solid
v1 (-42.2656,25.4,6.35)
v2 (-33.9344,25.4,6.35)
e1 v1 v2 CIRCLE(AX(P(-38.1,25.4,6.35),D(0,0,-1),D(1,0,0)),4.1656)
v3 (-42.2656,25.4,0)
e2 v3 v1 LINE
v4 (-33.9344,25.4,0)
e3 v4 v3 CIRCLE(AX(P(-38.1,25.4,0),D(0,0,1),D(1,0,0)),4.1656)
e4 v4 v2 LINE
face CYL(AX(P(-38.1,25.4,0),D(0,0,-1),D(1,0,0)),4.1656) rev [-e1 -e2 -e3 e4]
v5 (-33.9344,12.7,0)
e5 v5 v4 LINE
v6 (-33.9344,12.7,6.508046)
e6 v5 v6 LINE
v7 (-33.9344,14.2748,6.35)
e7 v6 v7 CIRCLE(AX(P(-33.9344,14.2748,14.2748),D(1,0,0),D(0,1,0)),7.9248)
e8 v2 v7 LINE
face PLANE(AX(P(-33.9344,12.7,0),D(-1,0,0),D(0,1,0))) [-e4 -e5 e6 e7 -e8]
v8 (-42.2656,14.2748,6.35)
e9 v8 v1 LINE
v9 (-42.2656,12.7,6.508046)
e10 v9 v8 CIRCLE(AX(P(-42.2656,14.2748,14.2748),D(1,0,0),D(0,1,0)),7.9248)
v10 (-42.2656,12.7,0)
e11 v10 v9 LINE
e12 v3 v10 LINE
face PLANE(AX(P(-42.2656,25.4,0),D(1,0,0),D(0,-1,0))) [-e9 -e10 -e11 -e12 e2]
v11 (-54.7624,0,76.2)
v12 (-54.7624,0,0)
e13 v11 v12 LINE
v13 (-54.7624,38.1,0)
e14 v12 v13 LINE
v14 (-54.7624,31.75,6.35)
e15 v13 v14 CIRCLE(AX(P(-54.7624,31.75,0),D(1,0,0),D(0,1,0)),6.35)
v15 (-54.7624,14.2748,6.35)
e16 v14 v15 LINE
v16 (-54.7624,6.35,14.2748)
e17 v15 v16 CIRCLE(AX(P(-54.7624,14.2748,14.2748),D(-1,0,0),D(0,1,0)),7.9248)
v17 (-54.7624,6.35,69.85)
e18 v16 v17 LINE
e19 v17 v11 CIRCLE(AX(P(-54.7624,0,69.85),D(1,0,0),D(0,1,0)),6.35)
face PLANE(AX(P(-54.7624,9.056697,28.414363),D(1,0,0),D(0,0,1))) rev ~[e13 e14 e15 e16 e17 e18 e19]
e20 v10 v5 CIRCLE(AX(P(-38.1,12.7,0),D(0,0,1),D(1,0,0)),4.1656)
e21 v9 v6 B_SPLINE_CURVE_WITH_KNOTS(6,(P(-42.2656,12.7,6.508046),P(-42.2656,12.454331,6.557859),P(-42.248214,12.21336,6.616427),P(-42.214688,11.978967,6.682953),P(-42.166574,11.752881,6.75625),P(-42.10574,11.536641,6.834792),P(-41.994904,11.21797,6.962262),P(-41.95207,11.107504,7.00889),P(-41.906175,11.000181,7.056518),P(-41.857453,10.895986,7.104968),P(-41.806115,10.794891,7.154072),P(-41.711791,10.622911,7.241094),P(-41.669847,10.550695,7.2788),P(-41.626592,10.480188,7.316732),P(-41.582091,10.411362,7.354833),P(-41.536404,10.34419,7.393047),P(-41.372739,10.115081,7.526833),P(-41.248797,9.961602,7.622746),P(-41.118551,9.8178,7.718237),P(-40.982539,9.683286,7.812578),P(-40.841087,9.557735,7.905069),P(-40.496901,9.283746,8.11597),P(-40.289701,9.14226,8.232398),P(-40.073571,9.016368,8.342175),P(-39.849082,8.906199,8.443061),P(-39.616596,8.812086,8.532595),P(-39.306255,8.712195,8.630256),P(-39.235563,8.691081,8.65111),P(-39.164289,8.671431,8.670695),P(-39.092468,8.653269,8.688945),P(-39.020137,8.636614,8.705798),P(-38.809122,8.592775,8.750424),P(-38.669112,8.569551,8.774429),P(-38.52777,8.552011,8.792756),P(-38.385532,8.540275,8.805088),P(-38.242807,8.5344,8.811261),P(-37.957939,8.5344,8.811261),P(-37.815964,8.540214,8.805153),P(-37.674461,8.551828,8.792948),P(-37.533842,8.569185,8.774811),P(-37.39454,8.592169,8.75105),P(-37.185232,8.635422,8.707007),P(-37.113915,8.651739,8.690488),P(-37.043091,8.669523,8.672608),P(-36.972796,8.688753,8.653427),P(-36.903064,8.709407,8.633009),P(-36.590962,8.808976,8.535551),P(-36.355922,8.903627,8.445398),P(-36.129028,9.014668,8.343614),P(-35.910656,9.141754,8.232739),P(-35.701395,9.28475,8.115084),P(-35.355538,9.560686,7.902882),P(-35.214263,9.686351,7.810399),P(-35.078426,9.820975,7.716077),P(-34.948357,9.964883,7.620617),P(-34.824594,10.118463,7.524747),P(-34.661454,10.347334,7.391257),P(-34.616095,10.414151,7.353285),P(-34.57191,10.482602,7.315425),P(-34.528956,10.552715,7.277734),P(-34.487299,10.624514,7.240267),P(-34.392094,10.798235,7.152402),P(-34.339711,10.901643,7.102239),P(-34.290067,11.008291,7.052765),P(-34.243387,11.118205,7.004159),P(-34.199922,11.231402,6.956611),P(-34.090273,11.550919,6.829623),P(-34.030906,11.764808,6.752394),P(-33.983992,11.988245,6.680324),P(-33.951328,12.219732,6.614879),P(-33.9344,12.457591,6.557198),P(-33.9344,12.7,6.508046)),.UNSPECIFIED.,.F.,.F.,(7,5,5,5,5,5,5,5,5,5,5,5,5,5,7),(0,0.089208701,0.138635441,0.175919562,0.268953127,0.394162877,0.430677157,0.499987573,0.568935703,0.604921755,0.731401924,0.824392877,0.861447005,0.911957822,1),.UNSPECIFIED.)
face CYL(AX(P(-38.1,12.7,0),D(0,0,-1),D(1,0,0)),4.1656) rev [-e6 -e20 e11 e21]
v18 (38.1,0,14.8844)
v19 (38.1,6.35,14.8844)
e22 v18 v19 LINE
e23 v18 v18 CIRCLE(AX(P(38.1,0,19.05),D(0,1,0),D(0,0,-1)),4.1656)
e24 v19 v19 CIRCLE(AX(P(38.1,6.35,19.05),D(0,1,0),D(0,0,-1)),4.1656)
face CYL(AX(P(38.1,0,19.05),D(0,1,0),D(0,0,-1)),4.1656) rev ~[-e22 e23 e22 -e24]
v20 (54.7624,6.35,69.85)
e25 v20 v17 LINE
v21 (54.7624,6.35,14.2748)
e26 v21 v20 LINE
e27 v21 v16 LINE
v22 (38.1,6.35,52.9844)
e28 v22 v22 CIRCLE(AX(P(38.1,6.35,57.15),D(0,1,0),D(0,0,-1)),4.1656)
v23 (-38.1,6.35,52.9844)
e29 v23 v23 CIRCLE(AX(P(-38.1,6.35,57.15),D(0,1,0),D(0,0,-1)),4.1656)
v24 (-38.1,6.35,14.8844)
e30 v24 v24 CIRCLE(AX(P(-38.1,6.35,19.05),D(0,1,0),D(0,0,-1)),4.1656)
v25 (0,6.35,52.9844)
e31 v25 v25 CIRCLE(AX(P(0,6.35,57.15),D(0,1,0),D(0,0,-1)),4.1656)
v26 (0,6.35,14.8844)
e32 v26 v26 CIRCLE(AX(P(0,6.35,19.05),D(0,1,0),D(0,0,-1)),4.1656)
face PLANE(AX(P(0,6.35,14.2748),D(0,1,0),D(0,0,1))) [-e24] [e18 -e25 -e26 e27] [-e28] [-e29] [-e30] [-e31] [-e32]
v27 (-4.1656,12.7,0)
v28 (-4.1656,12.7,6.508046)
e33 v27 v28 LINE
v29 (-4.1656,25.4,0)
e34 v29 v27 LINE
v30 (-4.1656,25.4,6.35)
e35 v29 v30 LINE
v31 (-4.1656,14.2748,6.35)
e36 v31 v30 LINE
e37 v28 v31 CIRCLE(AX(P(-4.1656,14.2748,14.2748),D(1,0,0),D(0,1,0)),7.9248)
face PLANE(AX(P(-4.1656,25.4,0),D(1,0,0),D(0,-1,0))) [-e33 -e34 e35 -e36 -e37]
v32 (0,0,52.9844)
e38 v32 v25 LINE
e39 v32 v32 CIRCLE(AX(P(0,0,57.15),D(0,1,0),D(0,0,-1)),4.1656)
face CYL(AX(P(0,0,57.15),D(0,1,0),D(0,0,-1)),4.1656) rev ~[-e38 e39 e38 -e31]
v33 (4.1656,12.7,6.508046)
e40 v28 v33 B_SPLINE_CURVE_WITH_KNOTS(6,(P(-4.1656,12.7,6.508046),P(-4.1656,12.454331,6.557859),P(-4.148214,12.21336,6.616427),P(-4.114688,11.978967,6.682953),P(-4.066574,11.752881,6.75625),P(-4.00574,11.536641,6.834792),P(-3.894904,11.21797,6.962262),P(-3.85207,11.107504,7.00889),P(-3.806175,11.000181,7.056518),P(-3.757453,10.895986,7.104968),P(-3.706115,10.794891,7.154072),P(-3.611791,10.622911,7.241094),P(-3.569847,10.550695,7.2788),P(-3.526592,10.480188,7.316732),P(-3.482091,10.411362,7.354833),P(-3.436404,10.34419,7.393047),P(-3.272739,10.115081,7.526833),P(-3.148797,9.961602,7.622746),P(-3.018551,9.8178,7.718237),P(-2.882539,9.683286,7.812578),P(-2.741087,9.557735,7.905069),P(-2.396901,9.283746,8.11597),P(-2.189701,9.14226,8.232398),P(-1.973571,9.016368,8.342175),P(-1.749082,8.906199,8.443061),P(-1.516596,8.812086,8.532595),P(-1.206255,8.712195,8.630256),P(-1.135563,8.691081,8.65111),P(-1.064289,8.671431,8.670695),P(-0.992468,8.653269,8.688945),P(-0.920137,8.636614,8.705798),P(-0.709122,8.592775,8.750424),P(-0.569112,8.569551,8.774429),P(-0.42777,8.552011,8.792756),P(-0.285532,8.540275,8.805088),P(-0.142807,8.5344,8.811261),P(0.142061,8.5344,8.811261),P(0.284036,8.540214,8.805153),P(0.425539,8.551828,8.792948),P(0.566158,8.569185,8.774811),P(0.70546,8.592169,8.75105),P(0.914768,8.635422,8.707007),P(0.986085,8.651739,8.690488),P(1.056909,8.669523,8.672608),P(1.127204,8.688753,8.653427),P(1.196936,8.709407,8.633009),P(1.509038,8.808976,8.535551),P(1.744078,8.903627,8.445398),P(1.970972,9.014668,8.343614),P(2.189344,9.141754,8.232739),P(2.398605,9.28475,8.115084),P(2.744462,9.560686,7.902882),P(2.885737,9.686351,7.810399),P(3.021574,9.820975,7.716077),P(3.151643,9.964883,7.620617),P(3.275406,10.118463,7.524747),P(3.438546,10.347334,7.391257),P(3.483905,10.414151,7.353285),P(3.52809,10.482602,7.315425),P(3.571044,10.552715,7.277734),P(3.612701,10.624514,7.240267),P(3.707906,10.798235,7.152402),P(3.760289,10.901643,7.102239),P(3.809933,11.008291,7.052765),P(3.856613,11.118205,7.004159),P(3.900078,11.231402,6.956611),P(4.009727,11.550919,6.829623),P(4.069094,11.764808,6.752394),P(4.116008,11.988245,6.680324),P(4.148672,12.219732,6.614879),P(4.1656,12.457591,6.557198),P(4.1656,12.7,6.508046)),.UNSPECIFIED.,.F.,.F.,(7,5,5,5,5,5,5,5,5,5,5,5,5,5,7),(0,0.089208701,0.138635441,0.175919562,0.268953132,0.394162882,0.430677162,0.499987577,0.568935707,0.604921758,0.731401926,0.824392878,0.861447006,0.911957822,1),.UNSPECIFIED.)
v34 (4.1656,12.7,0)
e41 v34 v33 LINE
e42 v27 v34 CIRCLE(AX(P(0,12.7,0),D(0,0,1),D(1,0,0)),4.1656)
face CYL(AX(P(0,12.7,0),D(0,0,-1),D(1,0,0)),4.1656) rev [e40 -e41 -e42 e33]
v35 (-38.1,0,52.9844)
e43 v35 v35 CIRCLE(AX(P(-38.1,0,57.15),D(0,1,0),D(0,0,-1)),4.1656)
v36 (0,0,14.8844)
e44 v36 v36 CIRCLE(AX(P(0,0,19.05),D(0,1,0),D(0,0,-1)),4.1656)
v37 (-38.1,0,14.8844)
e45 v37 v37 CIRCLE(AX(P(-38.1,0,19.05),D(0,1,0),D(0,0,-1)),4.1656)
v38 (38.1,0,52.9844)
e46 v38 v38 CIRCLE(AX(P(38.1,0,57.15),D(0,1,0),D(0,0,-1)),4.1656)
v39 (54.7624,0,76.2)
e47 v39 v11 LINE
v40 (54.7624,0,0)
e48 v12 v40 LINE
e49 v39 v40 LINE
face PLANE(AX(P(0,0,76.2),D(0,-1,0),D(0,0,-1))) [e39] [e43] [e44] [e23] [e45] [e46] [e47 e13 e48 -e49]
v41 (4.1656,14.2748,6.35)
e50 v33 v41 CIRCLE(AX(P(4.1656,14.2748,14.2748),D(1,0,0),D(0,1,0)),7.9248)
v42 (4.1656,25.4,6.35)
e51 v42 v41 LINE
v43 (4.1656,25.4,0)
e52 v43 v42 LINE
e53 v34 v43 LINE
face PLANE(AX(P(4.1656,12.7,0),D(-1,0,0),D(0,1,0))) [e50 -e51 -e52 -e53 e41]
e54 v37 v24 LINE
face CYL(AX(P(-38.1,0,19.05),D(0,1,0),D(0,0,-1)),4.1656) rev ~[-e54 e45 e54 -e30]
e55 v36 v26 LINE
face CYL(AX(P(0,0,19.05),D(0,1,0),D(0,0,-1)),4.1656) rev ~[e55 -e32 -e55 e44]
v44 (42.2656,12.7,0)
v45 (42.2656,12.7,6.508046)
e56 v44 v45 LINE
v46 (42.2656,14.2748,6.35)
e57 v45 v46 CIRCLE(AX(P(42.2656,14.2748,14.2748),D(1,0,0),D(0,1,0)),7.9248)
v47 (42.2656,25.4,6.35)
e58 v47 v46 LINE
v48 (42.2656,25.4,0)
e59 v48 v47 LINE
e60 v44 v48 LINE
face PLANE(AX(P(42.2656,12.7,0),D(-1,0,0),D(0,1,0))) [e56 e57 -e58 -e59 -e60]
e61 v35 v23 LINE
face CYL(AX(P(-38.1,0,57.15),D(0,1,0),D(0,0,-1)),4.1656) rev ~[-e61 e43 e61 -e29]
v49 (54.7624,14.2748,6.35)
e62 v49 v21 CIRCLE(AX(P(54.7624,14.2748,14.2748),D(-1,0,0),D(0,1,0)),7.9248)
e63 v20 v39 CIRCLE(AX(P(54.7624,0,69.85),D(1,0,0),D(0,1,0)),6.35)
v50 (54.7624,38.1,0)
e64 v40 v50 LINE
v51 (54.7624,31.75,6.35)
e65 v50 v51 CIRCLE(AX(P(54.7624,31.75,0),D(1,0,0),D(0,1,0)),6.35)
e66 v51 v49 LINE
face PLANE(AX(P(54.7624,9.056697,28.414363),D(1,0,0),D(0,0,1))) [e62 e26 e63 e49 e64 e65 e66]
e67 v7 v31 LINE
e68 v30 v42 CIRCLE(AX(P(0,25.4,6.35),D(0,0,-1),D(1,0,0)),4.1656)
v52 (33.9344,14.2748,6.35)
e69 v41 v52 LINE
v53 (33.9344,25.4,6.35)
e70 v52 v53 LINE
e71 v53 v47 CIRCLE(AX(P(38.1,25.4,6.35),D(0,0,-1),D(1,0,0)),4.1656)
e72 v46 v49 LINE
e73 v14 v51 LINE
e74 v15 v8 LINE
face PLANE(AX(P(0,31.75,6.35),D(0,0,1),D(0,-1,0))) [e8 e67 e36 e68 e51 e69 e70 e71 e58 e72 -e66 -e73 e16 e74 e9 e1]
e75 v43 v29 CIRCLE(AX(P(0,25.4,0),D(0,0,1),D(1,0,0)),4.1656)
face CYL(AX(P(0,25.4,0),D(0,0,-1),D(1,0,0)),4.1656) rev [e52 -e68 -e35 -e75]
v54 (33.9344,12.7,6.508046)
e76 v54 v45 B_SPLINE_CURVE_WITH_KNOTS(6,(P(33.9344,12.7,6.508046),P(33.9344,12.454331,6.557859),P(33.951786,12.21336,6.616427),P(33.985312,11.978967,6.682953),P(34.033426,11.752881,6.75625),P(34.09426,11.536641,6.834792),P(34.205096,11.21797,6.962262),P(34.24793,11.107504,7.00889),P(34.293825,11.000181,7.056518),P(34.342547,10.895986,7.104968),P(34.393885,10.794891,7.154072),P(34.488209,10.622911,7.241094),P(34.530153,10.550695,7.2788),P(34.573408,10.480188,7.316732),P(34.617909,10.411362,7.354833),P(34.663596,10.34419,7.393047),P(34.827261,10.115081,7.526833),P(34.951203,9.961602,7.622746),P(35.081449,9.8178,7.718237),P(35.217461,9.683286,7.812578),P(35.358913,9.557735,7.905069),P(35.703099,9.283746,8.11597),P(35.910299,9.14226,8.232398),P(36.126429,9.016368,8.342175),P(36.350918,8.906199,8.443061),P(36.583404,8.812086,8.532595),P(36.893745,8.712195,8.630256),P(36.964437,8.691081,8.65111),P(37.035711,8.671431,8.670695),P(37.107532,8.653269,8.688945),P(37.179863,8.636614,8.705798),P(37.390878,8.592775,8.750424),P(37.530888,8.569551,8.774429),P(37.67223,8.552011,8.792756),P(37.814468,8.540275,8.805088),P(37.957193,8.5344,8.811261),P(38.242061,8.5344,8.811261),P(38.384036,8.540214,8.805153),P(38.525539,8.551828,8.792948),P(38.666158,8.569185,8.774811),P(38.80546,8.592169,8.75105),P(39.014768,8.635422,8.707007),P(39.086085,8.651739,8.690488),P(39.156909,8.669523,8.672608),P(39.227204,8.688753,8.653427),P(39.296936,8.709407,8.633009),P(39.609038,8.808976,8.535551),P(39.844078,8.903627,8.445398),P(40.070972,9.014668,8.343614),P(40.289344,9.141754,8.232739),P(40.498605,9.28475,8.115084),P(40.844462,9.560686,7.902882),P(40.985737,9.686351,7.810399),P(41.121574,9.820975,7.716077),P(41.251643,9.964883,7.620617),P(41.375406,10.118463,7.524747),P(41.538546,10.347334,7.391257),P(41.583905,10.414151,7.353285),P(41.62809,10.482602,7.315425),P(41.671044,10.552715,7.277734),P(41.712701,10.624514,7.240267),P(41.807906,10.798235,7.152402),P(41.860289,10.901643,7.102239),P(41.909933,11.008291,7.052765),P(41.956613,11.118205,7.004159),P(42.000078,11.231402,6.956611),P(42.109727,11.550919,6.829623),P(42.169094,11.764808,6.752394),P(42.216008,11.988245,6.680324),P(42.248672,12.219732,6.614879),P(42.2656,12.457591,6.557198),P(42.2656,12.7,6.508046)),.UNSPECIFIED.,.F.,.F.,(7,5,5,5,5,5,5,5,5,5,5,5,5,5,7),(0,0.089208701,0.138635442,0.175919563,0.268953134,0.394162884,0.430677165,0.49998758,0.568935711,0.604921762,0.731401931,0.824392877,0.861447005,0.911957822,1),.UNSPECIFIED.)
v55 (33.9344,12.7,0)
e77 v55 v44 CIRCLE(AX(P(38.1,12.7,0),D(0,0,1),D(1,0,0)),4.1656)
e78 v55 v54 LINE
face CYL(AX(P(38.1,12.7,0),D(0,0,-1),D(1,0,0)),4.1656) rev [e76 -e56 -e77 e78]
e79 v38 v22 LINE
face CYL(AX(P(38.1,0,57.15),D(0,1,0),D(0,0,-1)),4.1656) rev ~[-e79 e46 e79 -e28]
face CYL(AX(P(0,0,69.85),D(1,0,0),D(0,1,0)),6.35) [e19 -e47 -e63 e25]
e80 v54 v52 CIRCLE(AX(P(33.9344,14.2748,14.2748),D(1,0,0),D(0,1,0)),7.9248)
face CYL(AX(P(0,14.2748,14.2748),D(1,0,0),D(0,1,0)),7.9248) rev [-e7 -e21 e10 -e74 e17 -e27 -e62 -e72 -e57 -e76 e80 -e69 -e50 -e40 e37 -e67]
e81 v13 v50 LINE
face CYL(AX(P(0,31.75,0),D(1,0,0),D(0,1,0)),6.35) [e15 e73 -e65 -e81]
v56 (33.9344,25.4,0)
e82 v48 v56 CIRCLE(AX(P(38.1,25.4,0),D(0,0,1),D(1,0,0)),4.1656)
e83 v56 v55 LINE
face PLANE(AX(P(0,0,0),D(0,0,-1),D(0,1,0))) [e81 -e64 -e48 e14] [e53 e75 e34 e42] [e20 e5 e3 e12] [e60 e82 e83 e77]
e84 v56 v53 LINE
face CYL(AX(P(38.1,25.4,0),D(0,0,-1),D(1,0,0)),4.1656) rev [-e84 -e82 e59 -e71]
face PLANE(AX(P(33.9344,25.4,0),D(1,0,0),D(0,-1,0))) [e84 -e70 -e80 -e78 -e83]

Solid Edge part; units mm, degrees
sketch "Sketch1" plane through (0, 0, 0) normal (1, 0, 0) x (0, 1, 0)
  line L0 (0, 76.2) -> (0, 0)
  line L1 (0, 0) -> (38.1, 0)
  arc A0 (38.1, 0) -> (31.75, 6.35) centre (31.75, 0) ccw
  line L2 (31.75, 6.35) -> (14.2748, 6.35)
  arc A1 (14.2748, 6.35) -> (6.35, 14.2748) centre (14.2748, 14.2748) cw
  line L3 (6.35, 14.2748) -> (6.35, 69.85)
  arc A2 (6.35, 69.85) -> (0, 76.2) centre (0, 69.85) ccw
extrude "ExtrudedProtrusion_1" add sketch "Sketch1" against normal blind 54.7624 and the other way blind 54.7624
hole "Hole_1" at (38.1, 0, 19.05) direction (0, 1, 0) diameter 8.3312 depth 6.985
hole "Hole_2" at (0, 0, 19.05) direction (0, 1, 0) diameter 8.3312 depth 6.985
hole "Hole_3" at (-38.1, 0, 19.05) direction (0, 1, 0) diameter 8.3312 depth 6.985
hole "Hole_4" at (38.1, 0, 57.15) direction (0, 1, 0) diameter 8.3312 depth 6.985
hole "Hole_5" at (0, 0, 57.15) direction (0, 1, 0) diameter 8.3312 depth 6.985
hole "Hole_6" at (-38.1, 0, 57.15) direction (0, 1, 0) diameter 8.3312 depth 6.985
sketch "Sketch2" plane through (0, 0, 0) normal (0, 0, 1) x (1, 0, 0)
  arc A0 (33.9344, 12.7) -> (42.2656, 12.7) centre (38.1, 12.7) ccw
  line L0 (42.2656, 12.7) -> (42.2656, 25.4)
  arc A1 (42.2656, 25.4) -> (33.9344, 25.4) centre (38.1, 25.4) ccw
  line L1 (33.9344, 25.4) -> (33.9344, 12.7)
extrude "ExtrudedCutout_1" cut sketch "Sketch2" along normal blind 9.525
sketch "Sketch3" plane through (0, 0, 0) normal (0, 0, 1) x (1, 0, 0)
  arc A0 (-4.1656, 12.7) -> (4.1656, 12.7) centre (0, 12.7) ccw
  line L0 (4.1656, 12.7) -> (4.1656, 25.4)
  arc A1 (4.1656, 25.4) -> (-4.1656, 25.4) centre (0, 25.4) ccw
  line L1 (-4.1656, 25.4) -> (-4.1656, 12.7)
extrude "ExtrudedCutout_2" cut sketch "Sketch3" along normal blind 9.525
sketch "Sketch4" plane through (0, 0, 0) normal (0, 0, 1) x (1, 0, 0)
  arc A0 (-42.2656, 12.7) -> (-33.9344, 12.7) centre (-38.1, 12.7) ccw
  line L0 (-33.9344, 12.7) -> (-33.9344, 25.4)
  arc A1 (-33.9344, 25.4) -> (-42.2656, 25.4) centre (-38.1, 25.4) ccw
  line L1 (-42.2656, 25.4) -> (-42.2656, 12.7)
extrude "ExtrudedCutout_3" cut sketch "Sketch4" along normal blind 9.525
properties part number "4281"
